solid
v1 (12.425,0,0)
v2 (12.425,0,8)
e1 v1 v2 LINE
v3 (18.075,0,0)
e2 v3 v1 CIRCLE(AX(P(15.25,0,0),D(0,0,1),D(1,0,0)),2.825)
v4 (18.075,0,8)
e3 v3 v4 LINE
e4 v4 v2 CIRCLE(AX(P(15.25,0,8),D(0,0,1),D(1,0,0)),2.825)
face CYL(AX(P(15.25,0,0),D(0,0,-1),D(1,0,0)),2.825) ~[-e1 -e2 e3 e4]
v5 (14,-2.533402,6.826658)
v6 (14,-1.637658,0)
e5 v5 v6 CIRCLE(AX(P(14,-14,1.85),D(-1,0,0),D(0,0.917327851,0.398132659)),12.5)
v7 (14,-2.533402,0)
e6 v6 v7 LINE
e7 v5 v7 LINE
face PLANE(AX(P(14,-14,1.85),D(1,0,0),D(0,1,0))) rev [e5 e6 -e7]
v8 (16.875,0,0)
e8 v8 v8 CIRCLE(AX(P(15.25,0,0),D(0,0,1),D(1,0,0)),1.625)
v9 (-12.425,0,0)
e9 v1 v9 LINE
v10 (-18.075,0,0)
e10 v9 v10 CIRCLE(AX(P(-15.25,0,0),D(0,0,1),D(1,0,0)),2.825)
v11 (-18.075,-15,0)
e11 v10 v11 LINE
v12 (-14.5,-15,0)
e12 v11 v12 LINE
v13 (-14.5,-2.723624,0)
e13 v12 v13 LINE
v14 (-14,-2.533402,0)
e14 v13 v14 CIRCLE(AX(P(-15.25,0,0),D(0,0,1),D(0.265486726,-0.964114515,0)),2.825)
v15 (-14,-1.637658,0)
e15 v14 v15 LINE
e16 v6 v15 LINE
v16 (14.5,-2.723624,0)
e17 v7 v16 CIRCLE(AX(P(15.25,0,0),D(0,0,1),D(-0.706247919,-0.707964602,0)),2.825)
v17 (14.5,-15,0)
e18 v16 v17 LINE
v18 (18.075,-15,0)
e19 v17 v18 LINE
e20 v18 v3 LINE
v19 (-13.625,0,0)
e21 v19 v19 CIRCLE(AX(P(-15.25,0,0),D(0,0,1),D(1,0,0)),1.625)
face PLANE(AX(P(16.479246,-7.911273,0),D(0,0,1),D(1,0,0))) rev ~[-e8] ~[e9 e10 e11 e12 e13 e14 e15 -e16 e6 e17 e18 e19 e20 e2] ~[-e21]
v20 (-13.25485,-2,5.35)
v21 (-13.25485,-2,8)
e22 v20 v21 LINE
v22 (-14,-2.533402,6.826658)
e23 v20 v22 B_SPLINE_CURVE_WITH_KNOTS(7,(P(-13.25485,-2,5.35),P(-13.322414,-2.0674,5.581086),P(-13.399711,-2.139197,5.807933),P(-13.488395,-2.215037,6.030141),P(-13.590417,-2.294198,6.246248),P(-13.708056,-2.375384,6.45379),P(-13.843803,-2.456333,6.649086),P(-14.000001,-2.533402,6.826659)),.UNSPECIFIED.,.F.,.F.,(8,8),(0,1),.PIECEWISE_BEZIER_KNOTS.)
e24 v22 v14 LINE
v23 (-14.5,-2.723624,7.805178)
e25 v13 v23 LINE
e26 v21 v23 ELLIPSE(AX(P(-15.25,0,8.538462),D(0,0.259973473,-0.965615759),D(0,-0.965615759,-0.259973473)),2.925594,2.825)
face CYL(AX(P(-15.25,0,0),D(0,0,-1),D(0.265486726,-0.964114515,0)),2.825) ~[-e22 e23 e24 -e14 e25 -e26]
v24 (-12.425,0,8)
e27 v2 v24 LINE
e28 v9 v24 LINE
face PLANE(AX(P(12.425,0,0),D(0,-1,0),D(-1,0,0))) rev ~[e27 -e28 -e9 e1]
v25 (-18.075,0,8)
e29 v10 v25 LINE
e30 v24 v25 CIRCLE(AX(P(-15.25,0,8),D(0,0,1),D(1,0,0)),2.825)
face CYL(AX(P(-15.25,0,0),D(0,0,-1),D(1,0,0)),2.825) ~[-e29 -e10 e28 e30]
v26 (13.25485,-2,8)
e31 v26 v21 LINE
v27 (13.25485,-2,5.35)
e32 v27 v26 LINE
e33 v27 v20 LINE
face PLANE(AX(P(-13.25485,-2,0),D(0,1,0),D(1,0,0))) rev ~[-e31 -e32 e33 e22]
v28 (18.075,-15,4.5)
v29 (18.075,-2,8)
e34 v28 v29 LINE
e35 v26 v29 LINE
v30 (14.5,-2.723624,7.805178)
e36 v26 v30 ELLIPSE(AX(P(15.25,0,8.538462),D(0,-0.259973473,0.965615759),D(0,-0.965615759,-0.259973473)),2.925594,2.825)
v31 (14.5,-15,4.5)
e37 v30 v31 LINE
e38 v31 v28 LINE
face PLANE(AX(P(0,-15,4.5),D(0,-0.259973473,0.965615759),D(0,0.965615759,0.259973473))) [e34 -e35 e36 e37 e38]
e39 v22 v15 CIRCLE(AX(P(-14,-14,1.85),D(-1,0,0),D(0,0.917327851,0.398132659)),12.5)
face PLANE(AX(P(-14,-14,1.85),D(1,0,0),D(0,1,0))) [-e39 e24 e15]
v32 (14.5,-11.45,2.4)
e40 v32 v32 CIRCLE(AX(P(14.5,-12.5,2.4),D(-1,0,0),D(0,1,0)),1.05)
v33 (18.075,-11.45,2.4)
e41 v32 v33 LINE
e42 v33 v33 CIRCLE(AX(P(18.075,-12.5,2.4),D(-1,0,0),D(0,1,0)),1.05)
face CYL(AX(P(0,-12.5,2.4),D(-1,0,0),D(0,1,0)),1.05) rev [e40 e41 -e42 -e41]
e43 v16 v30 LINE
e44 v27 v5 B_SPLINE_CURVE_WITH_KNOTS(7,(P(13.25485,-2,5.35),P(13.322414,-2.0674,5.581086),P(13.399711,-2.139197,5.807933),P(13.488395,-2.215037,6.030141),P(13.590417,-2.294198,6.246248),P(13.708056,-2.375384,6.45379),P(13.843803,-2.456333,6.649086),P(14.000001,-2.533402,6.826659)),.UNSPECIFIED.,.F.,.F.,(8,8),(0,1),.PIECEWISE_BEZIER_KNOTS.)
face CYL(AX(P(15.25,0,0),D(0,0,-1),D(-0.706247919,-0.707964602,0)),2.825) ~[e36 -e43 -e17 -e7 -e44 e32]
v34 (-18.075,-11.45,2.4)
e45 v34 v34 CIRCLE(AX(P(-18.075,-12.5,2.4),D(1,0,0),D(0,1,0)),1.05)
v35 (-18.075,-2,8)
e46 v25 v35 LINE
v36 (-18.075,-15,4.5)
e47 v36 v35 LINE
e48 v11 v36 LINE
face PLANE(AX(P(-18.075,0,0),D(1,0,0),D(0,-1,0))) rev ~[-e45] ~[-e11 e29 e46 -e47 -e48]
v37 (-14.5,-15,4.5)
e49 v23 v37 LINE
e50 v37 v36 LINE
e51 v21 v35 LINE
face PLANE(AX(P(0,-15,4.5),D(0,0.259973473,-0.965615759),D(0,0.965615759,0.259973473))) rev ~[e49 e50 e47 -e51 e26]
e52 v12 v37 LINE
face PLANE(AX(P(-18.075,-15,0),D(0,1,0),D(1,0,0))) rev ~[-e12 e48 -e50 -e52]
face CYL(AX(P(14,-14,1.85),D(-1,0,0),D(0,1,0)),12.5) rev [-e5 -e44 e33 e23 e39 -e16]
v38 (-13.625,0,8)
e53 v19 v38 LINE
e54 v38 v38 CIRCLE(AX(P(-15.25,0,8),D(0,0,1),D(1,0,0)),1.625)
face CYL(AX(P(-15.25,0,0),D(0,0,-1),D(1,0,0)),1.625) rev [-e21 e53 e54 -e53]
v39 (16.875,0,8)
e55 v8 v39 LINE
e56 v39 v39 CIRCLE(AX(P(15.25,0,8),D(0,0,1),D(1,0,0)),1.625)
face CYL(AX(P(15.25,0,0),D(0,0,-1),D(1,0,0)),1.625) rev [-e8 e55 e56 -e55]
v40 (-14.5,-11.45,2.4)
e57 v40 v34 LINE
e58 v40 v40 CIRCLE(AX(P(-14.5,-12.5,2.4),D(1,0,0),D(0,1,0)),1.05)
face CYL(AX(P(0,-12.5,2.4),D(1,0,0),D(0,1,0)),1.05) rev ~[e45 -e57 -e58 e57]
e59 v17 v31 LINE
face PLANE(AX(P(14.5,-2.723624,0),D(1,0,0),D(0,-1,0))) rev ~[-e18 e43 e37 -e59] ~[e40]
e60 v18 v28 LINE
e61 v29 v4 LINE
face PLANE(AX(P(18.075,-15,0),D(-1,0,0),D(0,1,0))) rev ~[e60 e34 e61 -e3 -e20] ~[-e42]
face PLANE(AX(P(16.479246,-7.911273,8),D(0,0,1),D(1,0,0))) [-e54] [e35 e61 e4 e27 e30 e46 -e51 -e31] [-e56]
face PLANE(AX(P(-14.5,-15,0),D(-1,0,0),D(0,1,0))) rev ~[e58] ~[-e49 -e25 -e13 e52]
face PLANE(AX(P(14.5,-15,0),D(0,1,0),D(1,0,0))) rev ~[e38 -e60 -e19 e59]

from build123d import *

# Parameters (mm, degrees)
F0_R          = 1.625
F1_DEPTH      = 8
F3_R          = 1.05
F4_DEPTH      = 18.076
F4_DEPTH_BACK = 18.076


with BuildPart() as f1:
    # F0 (on Top) → F1 (new body)
    with BuildSketch(Plane.XY):
        with BuildLine():
            Line((14.5, -15), (18.075, -15))
            Line((18.075, -15), (18.075, 0))
            ThreePointArc((18.075, 0), (16.9619981016, -2.247150974), (14.5, -2.7236235056))
            Line((14.5, -2.7236235056), (14.5, -15))
        make_face()
        with BuildLine():
            ThreePointArc((14.5, -2.7236235056), (16.9619981016, -2.247150974), (18.075, 0))
            ThreePointArc((18.075, 0), (15.25, 2.825), (12.425, 0))
            ThreePointArc((12.425, 0), (12.6406969517, -1.0826645843), (13.2548496297, -2))
            ThreePointArc((13.2548496297, -2), (13.8305386996, -2.4424894302), (14.5, -2.7236235056))
        make_face()
        with Locations((15.25, 0)):
            Circle(F0_R, mode=Mode.SUBTRACT)
        with BuildLine():
            ThreePointArc((13.2548496297, -2), (12.6406969517, -1.0826645843), (12.425, 0))
            Line((12.425, 0), (0, 0))
            Line((0, 0), (-12.425, 0))
            ThreePointArc((-12.425, 0), (-12.6406969517, -1.0826645843), (-13.2548496297, -2))
            Line((-13.2548496297, -2), (0, -2))
            Line((0, -2), (13.2548496297, -2))
        make_face()
        with BuildLine():
            ThreePointArc((-13.2548496297, -2), (-12.6406969517, -1.0826645843), (-12.425, 0))
            ThreePointArc((-12.425, 0), (-15.25, 2.825), (-18.075, 0))
            ThreePointArc((-18.075, 0), (-16.9619981016, -2.247150974), (-14.5, -2.7236235056))
            ThreePointArc((-14.5, -2.7236235056), (-13.8305386996, -2.4424894302), (-13.2548496297, -2))
        make_face()
        with Locations((-15.25, 0)):
            Circle(F0_R, mode=Mode.SUBTRACT)
        with BuildLine():
            ThreePointArc((-14.5, -2.7236235056), (-16.9619981016, -2.247150974), (-18.075, 0))
            Line((-18.075, 0), (-18.075, -15))
            Line((-18.075, -15), (-14.5, -15))
            Line((-14.5, -15), (-14.5, -2.7236235056))
        make_face()
    extrude(amount=F1_DEPTH)

    # F3 (on Right) → F4 (cut, two sides)
    with BuildSketch(Plane.YZ) as f4_sk:
        with Locations((-12.5, 2.4)):
            Circle(F3_R)
        Polygon((-15, 8), (-15, 4.5), (-2, 8), align=None)
    extrude(amount=-F4_DEPTH, mode=Mode.SUBTRACT)
    extrude(f4_sk.sketch, amount=F4_DEPTH_BACK, mode=Mode.SUBTRACT)

    # F7 (on offset) → F8 (revolve, cut)
    with BuildSketch(Plane.XY.offset(1.85)):
        Polygon((14, -1.5), (0, -1.5), (-14, -1.5), (-14, -4.7194751813), (0, -4.7194751813), (14, -4.7194751813), align=None)
    revolve(axis=Axis((3.4951923881, -14, 1.85), (1, 0, 0)), mode=Mode.SUBTRACT)


solid = f1.part
